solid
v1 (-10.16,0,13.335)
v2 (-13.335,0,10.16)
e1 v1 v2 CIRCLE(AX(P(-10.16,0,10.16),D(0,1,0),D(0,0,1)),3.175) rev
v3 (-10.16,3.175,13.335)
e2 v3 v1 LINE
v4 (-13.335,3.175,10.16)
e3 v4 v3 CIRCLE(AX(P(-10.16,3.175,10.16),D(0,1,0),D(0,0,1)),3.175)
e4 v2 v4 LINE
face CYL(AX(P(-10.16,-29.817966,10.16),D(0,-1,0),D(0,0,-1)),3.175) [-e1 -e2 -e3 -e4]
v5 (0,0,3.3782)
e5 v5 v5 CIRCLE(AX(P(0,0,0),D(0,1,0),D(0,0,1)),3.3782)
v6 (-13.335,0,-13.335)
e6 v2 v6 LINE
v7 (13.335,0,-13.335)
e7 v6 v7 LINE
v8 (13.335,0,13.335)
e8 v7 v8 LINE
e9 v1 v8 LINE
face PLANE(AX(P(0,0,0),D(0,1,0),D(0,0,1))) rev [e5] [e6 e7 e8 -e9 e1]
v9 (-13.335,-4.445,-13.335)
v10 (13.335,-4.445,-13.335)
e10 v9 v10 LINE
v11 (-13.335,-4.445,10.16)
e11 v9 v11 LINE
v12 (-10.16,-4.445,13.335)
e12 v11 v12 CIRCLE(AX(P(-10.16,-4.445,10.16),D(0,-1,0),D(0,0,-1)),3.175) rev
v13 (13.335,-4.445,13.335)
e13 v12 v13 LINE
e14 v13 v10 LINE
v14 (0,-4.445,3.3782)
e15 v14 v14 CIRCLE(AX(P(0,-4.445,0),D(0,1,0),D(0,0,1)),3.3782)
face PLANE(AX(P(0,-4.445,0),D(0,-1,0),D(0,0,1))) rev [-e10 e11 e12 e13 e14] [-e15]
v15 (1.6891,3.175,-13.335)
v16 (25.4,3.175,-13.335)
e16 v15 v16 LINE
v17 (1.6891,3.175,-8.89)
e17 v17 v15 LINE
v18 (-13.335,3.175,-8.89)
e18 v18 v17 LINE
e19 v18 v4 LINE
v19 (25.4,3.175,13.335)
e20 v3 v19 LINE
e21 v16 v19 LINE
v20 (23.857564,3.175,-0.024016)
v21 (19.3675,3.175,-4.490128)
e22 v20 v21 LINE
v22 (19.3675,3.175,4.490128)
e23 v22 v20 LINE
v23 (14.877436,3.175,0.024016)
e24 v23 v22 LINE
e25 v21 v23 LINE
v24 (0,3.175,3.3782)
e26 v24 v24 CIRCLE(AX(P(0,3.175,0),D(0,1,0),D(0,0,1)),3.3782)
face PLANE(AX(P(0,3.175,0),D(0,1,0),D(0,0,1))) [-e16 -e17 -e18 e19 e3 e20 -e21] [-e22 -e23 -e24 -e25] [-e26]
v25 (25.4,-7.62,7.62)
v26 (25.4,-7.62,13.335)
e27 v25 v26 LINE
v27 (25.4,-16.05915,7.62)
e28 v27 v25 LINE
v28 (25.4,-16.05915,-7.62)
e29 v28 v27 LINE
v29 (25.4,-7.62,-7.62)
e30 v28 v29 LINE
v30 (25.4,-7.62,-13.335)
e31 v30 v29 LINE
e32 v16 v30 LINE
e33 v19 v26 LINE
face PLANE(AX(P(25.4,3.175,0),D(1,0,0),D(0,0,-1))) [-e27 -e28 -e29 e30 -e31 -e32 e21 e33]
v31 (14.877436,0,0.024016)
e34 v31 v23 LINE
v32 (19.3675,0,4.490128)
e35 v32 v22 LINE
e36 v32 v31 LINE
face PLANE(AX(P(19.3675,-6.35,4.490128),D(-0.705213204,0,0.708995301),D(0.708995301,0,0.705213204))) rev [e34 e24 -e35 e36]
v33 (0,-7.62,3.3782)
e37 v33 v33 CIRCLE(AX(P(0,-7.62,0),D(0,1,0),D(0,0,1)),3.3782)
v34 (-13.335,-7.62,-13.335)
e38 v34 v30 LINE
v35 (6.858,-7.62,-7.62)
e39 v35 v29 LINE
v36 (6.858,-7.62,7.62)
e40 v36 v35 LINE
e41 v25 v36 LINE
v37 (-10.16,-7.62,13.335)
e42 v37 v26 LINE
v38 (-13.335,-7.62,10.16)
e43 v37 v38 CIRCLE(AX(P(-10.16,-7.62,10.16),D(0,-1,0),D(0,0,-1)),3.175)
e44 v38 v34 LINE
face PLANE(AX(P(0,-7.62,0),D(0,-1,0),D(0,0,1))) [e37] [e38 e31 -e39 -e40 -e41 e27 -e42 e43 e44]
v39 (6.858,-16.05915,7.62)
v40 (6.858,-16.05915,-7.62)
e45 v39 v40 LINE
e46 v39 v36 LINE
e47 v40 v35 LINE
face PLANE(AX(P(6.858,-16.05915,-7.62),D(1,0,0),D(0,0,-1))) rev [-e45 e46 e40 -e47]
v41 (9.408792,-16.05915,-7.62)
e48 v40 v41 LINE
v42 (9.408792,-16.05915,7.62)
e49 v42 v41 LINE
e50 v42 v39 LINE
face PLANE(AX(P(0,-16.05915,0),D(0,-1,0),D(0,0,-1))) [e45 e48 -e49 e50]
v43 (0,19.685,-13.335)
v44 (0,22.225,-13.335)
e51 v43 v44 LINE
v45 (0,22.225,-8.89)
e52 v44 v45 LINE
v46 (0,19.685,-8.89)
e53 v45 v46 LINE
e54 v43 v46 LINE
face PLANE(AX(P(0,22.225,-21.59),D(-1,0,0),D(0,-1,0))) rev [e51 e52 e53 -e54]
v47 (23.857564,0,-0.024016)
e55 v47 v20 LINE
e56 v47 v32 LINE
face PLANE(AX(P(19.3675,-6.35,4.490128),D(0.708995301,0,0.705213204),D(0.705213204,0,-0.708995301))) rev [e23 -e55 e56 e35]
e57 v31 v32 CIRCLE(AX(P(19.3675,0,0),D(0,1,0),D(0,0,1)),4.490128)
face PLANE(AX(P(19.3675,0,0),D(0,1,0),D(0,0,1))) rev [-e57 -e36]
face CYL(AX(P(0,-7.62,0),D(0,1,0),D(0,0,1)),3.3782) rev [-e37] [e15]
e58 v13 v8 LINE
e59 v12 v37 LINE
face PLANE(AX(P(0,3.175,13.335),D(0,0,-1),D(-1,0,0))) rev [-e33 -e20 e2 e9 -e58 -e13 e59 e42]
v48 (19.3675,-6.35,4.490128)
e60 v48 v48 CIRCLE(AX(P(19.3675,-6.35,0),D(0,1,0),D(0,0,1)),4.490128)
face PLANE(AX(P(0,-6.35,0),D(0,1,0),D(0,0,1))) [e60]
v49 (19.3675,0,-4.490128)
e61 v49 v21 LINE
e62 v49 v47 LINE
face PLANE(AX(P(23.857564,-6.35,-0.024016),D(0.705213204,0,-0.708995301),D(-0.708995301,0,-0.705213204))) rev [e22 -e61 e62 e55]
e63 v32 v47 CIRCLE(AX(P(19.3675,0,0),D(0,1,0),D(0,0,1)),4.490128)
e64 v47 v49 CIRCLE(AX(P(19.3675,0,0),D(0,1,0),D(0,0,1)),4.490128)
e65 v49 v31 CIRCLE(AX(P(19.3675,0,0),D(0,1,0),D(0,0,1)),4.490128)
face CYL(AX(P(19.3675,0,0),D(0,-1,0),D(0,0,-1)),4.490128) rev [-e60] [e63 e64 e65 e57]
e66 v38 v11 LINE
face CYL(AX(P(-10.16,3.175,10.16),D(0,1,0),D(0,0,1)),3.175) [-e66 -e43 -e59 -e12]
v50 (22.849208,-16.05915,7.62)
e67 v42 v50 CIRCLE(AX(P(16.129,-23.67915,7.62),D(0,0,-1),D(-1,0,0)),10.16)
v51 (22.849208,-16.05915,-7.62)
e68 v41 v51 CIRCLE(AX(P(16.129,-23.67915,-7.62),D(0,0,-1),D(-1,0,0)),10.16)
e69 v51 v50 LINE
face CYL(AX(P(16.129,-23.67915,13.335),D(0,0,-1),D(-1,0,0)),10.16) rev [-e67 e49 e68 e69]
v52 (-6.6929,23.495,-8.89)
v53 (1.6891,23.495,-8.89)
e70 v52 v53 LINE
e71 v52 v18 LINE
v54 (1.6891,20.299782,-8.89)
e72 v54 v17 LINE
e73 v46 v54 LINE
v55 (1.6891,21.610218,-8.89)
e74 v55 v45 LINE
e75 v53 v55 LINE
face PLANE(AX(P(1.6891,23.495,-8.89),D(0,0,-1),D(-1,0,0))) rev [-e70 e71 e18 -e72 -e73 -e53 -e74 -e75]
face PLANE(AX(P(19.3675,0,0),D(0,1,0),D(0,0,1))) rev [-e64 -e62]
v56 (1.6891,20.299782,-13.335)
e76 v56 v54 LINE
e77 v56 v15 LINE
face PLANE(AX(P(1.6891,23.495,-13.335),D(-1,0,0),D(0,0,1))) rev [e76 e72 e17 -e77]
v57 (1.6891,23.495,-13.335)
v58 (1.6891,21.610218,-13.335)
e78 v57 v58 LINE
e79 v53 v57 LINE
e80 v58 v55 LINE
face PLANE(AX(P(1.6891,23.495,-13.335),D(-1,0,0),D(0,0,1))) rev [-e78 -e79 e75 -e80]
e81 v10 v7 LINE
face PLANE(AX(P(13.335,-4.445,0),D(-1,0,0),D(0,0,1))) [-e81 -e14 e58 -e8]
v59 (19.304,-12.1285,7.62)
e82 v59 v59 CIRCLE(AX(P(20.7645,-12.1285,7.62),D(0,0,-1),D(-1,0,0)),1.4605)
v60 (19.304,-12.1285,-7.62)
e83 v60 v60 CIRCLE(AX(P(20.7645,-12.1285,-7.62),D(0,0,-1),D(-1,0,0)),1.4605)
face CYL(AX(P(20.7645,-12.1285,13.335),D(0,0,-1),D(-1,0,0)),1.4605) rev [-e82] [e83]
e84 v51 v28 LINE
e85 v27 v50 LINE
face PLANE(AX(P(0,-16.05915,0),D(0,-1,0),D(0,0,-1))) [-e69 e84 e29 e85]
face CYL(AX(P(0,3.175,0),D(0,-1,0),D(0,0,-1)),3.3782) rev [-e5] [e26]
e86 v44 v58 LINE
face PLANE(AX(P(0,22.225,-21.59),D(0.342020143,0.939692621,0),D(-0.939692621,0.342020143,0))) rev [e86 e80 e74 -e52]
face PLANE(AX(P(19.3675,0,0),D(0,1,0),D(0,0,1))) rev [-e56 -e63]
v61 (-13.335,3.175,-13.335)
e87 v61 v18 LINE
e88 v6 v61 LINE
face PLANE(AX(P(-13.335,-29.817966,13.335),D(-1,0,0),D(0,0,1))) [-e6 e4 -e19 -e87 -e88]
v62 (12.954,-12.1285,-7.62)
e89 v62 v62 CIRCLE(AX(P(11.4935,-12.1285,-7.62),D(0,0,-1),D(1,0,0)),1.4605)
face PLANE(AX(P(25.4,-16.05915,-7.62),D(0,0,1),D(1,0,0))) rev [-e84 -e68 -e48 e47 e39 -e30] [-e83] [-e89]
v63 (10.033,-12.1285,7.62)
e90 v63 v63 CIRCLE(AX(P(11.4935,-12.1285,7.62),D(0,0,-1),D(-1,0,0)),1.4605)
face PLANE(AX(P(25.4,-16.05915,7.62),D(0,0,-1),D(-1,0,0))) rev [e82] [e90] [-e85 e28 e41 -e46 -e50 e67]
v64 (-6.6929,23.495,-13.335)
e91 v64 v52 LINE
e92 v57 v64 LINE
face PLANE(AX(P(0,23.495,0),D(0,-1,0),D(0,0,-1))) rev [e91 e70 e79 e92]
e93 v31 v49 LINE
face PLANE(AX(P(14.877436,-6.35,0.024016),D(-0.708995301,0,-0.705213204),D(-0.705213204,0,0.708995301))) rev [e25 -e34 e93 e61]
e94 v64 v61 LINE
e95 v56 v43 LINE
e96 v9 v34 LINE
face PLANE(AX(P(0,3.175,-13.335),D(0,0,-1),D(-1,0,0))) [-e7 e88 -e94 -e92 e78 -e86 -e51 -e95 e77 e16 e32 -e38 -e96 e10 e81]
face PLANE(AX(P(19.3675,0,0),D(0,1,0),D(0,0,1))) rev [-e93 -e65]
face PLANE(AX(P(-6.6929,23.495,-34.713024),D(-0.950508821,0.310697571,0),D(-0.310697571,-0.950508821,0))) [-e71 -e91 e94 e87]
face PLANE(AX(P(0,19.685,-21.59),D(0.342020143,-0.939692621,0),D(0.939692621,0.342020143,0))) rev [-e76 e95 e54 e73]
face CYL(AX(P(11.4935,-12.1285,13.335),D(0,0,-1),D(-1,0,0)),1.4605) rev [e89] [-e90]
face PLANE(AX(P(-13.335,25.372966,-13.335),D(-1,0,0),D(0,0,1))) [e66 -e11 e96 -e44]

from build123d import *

# Parameters (mm, degrees)
SKETCH1_R            = 3.3782
BOSS_EXTRUDE1_DEPTH  = 3.175
BOSS_EXTRUDE2_DEPTH  = 4.445
SKETCH7_W            = 18.542
SKETCH7_H            = 15.24
BOSS_EXTRUDE4_DEPTH  = 8.43915
SKETCH8_R            = 1.4605
CUT_EXTRUDE3_DEPTH   = 21.955
SKETCH9_R            = 10.16
CUT_EXTRUDE4_DEPTH   = 21.955
CUT_EXTRUDE6_DEPTH   = 9.525
SKETCH23_R           = 4.490128061
CUT_EXTRUDE7_DEPTH   = 6.35
BOSS_EXTRUDE10_DEPTH = 3.175
BOSS_EXTRUDE11_DEPTH = 3.175
SKETCH19_W           = 8.382
SKETCH19_H           = 4.445
BOSS_EXTRUDE12_DEPTH = 20.32
BOSS_EXTRUDE13_DEPTH = 4.445
CUT_EXTRUDE5_DEPTH   = 12.7
FILLET2_R            = 3.175


with BuildPart() as part:
    # Sketch1 → Boss-Extrude1 (new body)
    with BuildSketch(Plane(origin=(0, 0, 0), x_dir=(1, 0, 0), z_dir=(0, 1, 0))):
        with BuildLine():
            Line((0, -13.335), (25.4, -13.335))
            Line((25.4, -13.335), (25.4, 13.335))
            Line((25.4, 13.335), (0, 13.335))
            ThreePointArc((0, 13.335), (-13.335, 0), (0, -13.335))
        make_face()
        Circle(SKETCH1_R, mode=Mode.SUBTRACT)
    boss_extrude1 = extrude(amount=BOSS_EXTRUDE1_DEPTH)

    # Sketch2 → Boss-Extrude2 (add)
    with BuildSketch(Plane(origin=(0, 0, 0), x_dir=(-1, 0, 0), z_dir=(0, -1, 0))):
        Polygon((-25.4, 13.335), (-25.4, -13.335), (-13.335, -13.335), (-13.335, 0), (-13.335, 13.335), align=None)
    extrude(amount=BOSS_EXTRUDE2_DEPTH)

    # Mirror2: Boss-Extrude1 across plane
    add(boss_extrude1.mirror(Plane(origin=(0, -2.2225, 0), x_dir=(0, 0, 1), z_dir=(0, -1, 0))))

    # Sketch7 → Boss-Extrude4 (add)
    with BuildSketch(Plane(origin=(0, -7.62, 0), x_dir=(-1, 0, 0), z_dir=(0, -1, 0))):
        with Locations((-16.129, 0)):
            Rectangle(SKETCH7_W, SKETCH7_H)
    extrude(amount=BOSS_EXTRUDE4_DEPTH)

    # Sketch8 → Cut-Extrude3 (cut, through all)
    with BuildSketch(Plane(origin=(0, 0, -7.62), x_dir=(-1, 0, 0), z_dir=(0, 0, -1))):
        with Locations((-20.7645, -12.1285)):
            Circle(SKETCH8_R)
        with Locations((-11.4935, -12.1285)):
            Circle(SKETCH8_R)
    extrude(amount=-CUT_EXTRUDE3_DEPTH, mode=Mode.SUBTRACT)

    # Sketch9 → Cut-Extrude4 (cut, through all)
    with BuildSketch(Plane(origin=(0, 0, -7.62), x_dir=(-1, 0, 0), z_dir=(0, 0, -1))):
        with Locations((-16.129, -23.67915)):
            Circle(SKETCH9_R)
    extrude(amount=-CUT_EXTRUDE4_DEPTH, mode=Mode.SUBTRACT)

    # Sketch22 → Cut-Extrude6 (cut)
    with BuildSketch(Plane(origin=(0, 3.175, 0), x_dir=(1, 0, 0), z_dir=(0, 1, 0))):
        Polygon((19.3675, -4.490128061), (23.857563833, 0.024016226), (19.3675, 4.490128061), (14.877436167, -0.024016226), align=None)
    extrude(amount=-CUT_EXTRUDE6_DEPTH, mode=Mode.SUBTRACT)

    # Sketch23 → Cut-Extrude7 (cut)
    with BuildSketch(Plane(origin=(0, -6.35, 0), x_dir=(1, 0, 0), z_dir=(0, 1, 0))):
        with Locations((19.3675, 0)):
            Circle(SKETCH23_R)
    extrude(amount=CUT_EXTRUDE7_DEPTH, mode=Mode.SUBTRACT)

    # Sketch16 → Boss-Extrude10 (add)
    with BuildSketch(Plane(origin=(0, 3.175, 0), x_dir=(1, 0, 0), z_dir=(0, 1, 0))):
        Polygon((0, 13.335), (-13.335, 13.335), (-13.335, 0), (-13.335, -13.335), (0, -13.335), (-6.6675, -6.6675), (-6.6675, 6.6675), align=None)
    extrude(amount=-BOSS_EXTRUDE10_DEPTH)

    # Sketch17 → Boss-Extrude11 (add)
    with BuildSketch(Plane.XZ.offset(7.62)):
        Polygon((-13.335, -13.335), (-13.335, 0), (-13.335, 13.335), (0, 13.335), (-6.6675, 6.6675), (-6.6675, -6.6675), (0, -13.335), align=None)
    extrude(amount=-BOSS_EXTRUDE11_DEPTH)

    # Sketch19 → Boss-Extrude12 (add)
    with BuildSketch(Plane(origin=(0, 3.175, 0), x_dir=(1, 0, 0), z_dir=(0, 1, 0))):
        with Locations((-2.5019, 11.1125)):
            Rectangle(SKETCH19_W, SKETCH19_H)
    extrude(amount=BOSS_EXTRUDE12_DEPTH)

    # Sketch20 → Boss-Extrude13 (add)
    with BuildSketch(Plane.XY.offset(-8.89)):
        Polygon((-6.6929, 23.495), (-13.335, 3.175), (-6.6929, 3.175), align=None)
    extrude(amount=-BOSS_EXTRUDE13_DEPTH)

    # Sketch21 → Cut-Extrude5 (cut)
    with BuildSketch(Plane.XY.offset(-8.89)):
        Polygon((0, 22.225), (1.6891, 21.610217877), (1.6891, 20.299782123), (0, 19.685), align=None)
    extrude(amount=-CUT_EXTRUDE5_DEPTH, mode=Mode.SUBTRACT)

    # Fillet2
    fillet2_edges = [part.edges().sort_by_distance(p)[0] for p in [
        (-13.335, 1.5875, 13.335),
        (-13.335, -6.0325, 13.335),
    ]]
    fillet(fillet2_edges, radius=FILLET2_R)


solid = part.part
